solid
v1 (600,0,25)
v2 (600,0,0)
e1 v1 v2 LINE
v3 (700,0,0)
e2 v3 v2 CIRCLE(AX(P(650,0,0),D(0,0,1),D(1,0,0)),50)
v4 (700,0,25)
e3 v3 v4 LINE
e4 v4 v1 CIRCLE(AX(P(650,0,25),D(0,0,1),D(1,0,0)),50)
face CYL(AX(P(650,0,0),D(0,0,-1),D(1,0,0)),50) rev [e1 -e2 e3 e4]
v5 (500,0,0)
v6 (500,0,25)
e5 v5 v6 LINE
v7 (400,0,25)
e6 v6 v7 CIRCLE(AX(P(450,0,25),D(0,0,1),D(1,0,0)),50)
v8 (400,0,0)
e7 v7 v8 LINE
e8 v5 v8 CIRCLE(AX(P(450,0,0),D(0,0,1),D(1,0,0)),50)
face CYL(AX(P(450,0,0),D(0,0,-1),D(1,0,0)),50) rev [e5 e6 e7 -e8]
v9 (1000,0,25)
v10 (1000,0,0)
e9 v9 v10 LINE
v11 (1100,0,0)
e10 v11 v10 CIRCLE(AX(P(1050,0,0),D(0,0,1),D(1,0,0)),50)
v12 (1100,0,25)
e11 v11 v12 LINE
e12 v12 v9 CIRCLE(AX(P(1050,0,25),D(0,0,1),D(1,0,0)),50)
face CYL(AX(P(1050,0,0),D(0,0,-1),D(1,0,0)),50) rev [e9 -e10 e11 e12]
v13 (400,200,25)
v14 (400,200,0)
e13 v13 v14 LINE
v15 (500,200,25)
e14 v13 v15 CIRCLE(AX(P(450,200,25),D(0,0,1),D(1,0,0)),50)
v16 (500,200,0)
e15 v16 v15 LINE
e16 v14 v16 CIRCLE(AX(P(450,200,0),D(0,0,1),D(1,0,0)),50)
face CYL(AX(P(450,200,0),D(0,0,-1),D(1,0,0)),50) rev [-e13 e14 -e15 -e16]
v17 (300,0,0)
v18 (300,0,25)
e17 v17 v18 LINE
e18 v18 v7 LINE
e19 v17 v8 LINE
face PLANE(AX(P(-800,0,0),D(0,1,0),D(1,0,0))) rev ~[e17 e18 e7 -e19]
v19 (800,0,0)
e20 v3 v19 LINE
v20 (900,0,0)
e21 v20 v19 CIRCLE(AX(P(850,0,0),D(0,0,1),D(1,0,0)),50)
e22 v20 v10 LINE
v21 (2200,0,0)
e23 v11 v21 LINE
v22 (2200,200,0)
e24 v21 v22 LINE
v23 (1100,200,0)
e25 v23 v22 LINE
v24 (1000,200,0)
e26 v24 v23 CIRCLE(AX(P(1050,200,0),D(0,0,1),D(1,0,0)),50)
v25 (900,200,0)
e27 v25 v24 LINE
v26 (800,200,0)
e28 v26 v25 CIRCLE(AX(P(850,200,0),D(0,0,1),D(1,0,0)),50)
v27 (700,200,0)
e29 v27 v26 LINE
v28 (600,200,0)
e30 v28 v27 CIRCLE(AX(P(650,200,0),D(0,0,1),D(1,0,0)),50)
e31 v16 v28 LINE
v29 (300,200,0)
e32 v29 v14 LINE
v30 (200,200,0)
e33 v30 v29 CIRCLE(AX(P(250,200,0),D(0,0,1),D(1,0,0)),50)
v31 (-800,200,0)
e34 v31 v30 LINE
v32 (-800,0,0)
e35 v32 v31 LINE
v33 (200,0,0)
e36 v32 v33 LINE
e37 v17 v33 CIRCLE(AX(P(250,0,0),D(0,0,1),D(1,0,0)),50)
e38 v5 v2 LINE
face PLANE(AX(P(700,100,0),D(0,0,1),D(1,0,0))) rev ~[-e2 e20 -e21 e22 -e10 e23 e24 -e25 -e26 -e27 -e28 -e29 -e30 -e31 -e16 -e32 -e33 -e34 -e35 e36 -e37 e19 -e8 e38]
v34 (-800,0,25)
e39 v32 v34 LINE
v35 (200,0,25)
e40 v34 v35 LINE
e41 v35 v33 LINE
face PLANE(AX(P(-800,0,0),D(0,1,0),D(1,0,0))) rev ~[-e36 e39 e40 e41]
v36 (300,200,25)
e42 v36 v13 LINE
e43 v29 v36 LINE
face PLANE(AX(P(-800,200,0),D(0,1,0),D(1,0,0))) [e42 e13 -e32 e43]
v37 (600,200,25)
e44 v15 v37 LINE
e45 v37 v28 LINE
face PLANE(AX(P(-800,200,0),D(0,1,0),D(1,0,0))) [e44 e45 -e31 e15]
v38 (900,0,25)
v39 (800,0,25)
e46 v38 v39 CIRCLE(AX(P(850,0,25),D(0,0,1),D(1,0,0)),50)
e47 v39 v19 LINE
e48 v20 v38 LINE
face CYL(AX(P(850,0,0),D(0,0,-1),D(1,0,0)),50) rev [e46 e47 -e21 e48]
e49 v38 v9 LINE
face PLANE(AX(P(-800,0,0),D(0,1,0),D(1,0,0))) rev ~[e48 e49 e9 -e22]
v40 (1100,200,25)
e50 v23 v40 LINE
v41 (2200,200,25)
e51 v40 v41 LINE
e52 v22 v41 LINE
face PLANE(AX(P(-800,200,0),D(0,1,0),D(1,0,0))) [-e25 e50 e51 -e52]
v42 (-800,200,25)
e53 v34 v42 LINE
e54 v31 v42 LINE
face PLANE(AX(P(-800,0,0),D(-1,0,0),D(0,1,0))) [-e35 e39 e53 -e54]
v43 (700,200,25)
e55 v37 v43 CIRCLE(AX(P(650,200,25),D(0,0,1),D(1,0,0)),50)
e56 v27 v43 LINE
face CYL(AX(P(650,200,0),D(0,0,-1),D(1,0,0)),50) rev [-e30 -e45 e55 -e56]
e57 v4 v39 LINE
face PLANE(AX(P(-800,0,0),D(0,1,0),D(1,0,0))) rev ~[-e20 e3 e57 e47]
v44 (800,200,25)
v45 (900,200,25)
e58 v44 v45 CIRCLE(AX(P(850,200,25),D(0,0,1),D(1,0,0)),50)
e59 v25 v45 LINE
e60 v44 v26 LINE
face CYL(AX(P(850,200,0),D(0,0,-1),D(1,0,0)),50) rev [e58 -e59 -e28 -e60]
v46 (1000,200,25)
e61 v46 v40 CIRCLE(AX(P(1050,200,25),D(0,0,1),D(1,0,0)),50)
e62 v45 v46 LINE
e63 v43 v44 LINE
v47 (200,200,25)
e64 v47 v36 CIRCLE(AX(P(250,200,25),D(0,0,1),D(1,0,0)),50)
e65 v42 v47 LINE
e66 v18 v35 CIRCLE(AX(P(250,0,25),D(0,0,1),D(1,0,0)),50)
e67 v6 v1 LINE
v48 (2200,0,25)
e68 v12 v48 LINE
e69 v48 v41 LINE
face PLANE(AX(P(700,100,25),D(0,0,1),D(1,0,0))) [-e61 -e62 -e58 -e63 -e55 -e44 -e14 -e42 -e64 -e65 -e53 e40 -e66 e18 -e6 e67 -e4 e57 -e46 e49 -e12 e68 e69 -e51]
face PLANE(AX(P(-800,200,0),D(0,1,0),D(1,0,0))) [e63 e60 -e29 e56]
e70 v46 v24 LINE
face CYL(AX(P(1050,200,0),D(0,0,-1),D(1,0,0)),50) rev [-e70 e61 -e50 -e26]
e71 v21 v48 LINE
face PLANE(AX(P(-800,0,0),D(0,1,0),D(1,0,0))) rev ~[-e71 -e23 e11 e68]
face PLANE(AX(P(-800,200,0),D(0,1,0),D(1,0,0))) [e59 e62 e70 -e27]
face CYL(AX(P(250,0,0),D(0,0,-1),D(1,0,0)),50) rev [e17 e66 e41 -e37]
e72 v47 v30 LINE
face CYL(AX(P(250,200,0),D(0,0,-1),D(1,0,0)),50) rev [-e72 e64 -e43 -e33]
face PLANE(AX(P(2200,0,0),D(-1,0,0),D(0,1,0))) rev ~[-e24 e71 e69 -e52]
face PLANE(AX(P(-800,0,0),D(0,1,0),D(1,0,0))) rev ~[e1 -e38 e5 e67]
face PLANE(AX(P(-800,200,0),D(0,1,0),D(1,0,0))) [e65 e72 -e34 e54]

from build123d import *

# Parameters (mm, degrees)
CYLINDER_R        = 50
CYLINDER_DEPTH    = 25
CYLINDER002_R     = 50
CYLINDER002_DEPTH = 25
CYLINDER001_R     = 50
CYLINDER001_DEPTH = 25
CYLINDER003_R     = 50
CYLINDER003_DEPTH = 25
CYLINDER004_R     = 50
CYLINDER004_DEPTH = 25
CYLINDER006_R     = 50
CYLINDER006_DEPTH = 25
CYLINDER005_R     = 50
CYLINDER005_DEPTH = 25
CYLINDER007_R     = 50
CYLINDER007_DEPTH = 25
CYLINDER008_R     = 50
CYLINDER008_DEPTH = 25
CYLINDER009_R     = 50
CYLINDER009_DEPTH = 25
BOX_W             = 3000
BOX_H             = 200
BOX_DEPTH         = 25


with BuildPart() as cylinder:
    # Cylinder → Cylinder (new body)
    with BuildSketch(Plane(origin=(250, 0, 0), x_dir=(1, 0, 0), z_dir=(0, 0, 1))):
        Circle(CYLINDER_R)
    extrude(amount=CYLINDER_DEPTH)


with BuildPart() as cylinder002:
    # Cylinder002 → Cylinder002 (new body)
    with BuildSketch(Plane(origin=(650, 0, 0), x_dir=(1, 0, 0), z_dir=(0, 0, 1))):
        Circle(CYLINDER002_R)
    extrude(amount=CYLINDER002_DEPTH)


with BuildPart() as cylinder001:
    # Cylinder001 → Cylinder001 (new body)
    with BuildSketch(Plane(origin=(450, 0, 0), x_dir=(1, 0, 0), z_dir=(0, 0, 1))):
        Circle(CYLINDER001_R)
    extrude(amount=CYLINDER001_DEPTH)


with BuildPart() as cylinder003:
    # Cylinder003 → Cylinder003 (new body)
    with BuildSketch(Plane(origin=(850, 0, 0), x_dir=(1, 0, 0), z_dir=(0, 0, 1))):
        Circle(CYLINDER003_R)
    extrude(amount=CYLINDER003_DEPTH)


with BuildPart() as cylinder004:
    # Cylinder004 → Cylinder004 (new body)
    with BuildSketch(Plane(origin=(1050, 0, 0), x_dir=(1, 0, 0), z_dir=(0, 0, 1))):
        Circle(CYLINDER004_R)
    extrude(amount=CYLINDER004_DEPTH)


with BuildPart() as cylinder006:
    # Cylinder006 → Cylinder006 (new body)
    with BuildSketch(Plane(origin=(450, 200, 0), x_dir=(1, 0, 0), z_dir=(0, 0, 1))):
        Circle(CYLINDER006_R)
    extrude(amount=CYLINDER006_DEPTH)


with BuildPart() as cylinder005:
    # Cylinder005 → Cylinder005 (new body)
    with BuildSketch(Plane(origin=(250, 200, 0), x_dir=(1, 0, 0), z_dir=(0, 0, 1))):
        Circle(CYLINDER005_R)
    extrude(amount=CYLINDER005_DEPTH)


with BuildPart() as cylinder007:
    # Cylinder007 → Cylinder007 (new body)
    with BuildSketch(Plane(origin=(650, 200, 0), x_dir=(1, 0, 0), z_dir=(0, 0, 1))):
        Circle(CYLINDER007_R)
    extrude(amount=CYLINDER007_DEPTH)


with BuildPart() as cylinder008:
    # Cylinder008 → Cylinder008 (new body)
    with BuildSketch(Plane(origin=(850, 200, 0), x_dir=(1, 0, 0), z_dir=(0, 0, 1))):
        Circle(CYLINDER008_R)
    extrude(amount=CYLINDER008_DEPTH)


with BuildPart() as fusion:
    # Cylinder009 → Cylinder009 (new body)
    with BuildSketch(Plane(origin=(1050, 200, 0), x_dir=(1, 0, 0), z_dir=(0, 0, 1))):
        Circle(CYLINDER009_R)
    extrude(amount=CYLINDER009_DEPTH)

    # Fusion: union Cylinder, Cylinder002, Cylinder001, Cylinder003, Cylinder004, Cylinder006, Cylinder005, Cylinder007, Cylinder008
    add(cylinder.part)
    add(cylinder002.part)
    add(cylinder001.part)
    add(cylinder003.part)
    add(cylinder004.part)
    add(cylinder006.part)
    add(cylinder005.part)
    add(cylinder007.part)
    add(cylinder008.part)


with BuildPart() as cut:
    # Box → Box (new body)
    with BuildSketch(Plane(origin=(-800, 0, 0), x_dir=(1, 0, 0), z_dir=(0, 0, 1))):
        with Locations((1500, 100)):
            Rectangle(BOX_W, BOX_H)
    extrude(amount=BOX_DEPTH)

    # Cut: cut Fusion
    add(fusion.part, mode=Mode.SUBTRACT)


solid = cut.part
